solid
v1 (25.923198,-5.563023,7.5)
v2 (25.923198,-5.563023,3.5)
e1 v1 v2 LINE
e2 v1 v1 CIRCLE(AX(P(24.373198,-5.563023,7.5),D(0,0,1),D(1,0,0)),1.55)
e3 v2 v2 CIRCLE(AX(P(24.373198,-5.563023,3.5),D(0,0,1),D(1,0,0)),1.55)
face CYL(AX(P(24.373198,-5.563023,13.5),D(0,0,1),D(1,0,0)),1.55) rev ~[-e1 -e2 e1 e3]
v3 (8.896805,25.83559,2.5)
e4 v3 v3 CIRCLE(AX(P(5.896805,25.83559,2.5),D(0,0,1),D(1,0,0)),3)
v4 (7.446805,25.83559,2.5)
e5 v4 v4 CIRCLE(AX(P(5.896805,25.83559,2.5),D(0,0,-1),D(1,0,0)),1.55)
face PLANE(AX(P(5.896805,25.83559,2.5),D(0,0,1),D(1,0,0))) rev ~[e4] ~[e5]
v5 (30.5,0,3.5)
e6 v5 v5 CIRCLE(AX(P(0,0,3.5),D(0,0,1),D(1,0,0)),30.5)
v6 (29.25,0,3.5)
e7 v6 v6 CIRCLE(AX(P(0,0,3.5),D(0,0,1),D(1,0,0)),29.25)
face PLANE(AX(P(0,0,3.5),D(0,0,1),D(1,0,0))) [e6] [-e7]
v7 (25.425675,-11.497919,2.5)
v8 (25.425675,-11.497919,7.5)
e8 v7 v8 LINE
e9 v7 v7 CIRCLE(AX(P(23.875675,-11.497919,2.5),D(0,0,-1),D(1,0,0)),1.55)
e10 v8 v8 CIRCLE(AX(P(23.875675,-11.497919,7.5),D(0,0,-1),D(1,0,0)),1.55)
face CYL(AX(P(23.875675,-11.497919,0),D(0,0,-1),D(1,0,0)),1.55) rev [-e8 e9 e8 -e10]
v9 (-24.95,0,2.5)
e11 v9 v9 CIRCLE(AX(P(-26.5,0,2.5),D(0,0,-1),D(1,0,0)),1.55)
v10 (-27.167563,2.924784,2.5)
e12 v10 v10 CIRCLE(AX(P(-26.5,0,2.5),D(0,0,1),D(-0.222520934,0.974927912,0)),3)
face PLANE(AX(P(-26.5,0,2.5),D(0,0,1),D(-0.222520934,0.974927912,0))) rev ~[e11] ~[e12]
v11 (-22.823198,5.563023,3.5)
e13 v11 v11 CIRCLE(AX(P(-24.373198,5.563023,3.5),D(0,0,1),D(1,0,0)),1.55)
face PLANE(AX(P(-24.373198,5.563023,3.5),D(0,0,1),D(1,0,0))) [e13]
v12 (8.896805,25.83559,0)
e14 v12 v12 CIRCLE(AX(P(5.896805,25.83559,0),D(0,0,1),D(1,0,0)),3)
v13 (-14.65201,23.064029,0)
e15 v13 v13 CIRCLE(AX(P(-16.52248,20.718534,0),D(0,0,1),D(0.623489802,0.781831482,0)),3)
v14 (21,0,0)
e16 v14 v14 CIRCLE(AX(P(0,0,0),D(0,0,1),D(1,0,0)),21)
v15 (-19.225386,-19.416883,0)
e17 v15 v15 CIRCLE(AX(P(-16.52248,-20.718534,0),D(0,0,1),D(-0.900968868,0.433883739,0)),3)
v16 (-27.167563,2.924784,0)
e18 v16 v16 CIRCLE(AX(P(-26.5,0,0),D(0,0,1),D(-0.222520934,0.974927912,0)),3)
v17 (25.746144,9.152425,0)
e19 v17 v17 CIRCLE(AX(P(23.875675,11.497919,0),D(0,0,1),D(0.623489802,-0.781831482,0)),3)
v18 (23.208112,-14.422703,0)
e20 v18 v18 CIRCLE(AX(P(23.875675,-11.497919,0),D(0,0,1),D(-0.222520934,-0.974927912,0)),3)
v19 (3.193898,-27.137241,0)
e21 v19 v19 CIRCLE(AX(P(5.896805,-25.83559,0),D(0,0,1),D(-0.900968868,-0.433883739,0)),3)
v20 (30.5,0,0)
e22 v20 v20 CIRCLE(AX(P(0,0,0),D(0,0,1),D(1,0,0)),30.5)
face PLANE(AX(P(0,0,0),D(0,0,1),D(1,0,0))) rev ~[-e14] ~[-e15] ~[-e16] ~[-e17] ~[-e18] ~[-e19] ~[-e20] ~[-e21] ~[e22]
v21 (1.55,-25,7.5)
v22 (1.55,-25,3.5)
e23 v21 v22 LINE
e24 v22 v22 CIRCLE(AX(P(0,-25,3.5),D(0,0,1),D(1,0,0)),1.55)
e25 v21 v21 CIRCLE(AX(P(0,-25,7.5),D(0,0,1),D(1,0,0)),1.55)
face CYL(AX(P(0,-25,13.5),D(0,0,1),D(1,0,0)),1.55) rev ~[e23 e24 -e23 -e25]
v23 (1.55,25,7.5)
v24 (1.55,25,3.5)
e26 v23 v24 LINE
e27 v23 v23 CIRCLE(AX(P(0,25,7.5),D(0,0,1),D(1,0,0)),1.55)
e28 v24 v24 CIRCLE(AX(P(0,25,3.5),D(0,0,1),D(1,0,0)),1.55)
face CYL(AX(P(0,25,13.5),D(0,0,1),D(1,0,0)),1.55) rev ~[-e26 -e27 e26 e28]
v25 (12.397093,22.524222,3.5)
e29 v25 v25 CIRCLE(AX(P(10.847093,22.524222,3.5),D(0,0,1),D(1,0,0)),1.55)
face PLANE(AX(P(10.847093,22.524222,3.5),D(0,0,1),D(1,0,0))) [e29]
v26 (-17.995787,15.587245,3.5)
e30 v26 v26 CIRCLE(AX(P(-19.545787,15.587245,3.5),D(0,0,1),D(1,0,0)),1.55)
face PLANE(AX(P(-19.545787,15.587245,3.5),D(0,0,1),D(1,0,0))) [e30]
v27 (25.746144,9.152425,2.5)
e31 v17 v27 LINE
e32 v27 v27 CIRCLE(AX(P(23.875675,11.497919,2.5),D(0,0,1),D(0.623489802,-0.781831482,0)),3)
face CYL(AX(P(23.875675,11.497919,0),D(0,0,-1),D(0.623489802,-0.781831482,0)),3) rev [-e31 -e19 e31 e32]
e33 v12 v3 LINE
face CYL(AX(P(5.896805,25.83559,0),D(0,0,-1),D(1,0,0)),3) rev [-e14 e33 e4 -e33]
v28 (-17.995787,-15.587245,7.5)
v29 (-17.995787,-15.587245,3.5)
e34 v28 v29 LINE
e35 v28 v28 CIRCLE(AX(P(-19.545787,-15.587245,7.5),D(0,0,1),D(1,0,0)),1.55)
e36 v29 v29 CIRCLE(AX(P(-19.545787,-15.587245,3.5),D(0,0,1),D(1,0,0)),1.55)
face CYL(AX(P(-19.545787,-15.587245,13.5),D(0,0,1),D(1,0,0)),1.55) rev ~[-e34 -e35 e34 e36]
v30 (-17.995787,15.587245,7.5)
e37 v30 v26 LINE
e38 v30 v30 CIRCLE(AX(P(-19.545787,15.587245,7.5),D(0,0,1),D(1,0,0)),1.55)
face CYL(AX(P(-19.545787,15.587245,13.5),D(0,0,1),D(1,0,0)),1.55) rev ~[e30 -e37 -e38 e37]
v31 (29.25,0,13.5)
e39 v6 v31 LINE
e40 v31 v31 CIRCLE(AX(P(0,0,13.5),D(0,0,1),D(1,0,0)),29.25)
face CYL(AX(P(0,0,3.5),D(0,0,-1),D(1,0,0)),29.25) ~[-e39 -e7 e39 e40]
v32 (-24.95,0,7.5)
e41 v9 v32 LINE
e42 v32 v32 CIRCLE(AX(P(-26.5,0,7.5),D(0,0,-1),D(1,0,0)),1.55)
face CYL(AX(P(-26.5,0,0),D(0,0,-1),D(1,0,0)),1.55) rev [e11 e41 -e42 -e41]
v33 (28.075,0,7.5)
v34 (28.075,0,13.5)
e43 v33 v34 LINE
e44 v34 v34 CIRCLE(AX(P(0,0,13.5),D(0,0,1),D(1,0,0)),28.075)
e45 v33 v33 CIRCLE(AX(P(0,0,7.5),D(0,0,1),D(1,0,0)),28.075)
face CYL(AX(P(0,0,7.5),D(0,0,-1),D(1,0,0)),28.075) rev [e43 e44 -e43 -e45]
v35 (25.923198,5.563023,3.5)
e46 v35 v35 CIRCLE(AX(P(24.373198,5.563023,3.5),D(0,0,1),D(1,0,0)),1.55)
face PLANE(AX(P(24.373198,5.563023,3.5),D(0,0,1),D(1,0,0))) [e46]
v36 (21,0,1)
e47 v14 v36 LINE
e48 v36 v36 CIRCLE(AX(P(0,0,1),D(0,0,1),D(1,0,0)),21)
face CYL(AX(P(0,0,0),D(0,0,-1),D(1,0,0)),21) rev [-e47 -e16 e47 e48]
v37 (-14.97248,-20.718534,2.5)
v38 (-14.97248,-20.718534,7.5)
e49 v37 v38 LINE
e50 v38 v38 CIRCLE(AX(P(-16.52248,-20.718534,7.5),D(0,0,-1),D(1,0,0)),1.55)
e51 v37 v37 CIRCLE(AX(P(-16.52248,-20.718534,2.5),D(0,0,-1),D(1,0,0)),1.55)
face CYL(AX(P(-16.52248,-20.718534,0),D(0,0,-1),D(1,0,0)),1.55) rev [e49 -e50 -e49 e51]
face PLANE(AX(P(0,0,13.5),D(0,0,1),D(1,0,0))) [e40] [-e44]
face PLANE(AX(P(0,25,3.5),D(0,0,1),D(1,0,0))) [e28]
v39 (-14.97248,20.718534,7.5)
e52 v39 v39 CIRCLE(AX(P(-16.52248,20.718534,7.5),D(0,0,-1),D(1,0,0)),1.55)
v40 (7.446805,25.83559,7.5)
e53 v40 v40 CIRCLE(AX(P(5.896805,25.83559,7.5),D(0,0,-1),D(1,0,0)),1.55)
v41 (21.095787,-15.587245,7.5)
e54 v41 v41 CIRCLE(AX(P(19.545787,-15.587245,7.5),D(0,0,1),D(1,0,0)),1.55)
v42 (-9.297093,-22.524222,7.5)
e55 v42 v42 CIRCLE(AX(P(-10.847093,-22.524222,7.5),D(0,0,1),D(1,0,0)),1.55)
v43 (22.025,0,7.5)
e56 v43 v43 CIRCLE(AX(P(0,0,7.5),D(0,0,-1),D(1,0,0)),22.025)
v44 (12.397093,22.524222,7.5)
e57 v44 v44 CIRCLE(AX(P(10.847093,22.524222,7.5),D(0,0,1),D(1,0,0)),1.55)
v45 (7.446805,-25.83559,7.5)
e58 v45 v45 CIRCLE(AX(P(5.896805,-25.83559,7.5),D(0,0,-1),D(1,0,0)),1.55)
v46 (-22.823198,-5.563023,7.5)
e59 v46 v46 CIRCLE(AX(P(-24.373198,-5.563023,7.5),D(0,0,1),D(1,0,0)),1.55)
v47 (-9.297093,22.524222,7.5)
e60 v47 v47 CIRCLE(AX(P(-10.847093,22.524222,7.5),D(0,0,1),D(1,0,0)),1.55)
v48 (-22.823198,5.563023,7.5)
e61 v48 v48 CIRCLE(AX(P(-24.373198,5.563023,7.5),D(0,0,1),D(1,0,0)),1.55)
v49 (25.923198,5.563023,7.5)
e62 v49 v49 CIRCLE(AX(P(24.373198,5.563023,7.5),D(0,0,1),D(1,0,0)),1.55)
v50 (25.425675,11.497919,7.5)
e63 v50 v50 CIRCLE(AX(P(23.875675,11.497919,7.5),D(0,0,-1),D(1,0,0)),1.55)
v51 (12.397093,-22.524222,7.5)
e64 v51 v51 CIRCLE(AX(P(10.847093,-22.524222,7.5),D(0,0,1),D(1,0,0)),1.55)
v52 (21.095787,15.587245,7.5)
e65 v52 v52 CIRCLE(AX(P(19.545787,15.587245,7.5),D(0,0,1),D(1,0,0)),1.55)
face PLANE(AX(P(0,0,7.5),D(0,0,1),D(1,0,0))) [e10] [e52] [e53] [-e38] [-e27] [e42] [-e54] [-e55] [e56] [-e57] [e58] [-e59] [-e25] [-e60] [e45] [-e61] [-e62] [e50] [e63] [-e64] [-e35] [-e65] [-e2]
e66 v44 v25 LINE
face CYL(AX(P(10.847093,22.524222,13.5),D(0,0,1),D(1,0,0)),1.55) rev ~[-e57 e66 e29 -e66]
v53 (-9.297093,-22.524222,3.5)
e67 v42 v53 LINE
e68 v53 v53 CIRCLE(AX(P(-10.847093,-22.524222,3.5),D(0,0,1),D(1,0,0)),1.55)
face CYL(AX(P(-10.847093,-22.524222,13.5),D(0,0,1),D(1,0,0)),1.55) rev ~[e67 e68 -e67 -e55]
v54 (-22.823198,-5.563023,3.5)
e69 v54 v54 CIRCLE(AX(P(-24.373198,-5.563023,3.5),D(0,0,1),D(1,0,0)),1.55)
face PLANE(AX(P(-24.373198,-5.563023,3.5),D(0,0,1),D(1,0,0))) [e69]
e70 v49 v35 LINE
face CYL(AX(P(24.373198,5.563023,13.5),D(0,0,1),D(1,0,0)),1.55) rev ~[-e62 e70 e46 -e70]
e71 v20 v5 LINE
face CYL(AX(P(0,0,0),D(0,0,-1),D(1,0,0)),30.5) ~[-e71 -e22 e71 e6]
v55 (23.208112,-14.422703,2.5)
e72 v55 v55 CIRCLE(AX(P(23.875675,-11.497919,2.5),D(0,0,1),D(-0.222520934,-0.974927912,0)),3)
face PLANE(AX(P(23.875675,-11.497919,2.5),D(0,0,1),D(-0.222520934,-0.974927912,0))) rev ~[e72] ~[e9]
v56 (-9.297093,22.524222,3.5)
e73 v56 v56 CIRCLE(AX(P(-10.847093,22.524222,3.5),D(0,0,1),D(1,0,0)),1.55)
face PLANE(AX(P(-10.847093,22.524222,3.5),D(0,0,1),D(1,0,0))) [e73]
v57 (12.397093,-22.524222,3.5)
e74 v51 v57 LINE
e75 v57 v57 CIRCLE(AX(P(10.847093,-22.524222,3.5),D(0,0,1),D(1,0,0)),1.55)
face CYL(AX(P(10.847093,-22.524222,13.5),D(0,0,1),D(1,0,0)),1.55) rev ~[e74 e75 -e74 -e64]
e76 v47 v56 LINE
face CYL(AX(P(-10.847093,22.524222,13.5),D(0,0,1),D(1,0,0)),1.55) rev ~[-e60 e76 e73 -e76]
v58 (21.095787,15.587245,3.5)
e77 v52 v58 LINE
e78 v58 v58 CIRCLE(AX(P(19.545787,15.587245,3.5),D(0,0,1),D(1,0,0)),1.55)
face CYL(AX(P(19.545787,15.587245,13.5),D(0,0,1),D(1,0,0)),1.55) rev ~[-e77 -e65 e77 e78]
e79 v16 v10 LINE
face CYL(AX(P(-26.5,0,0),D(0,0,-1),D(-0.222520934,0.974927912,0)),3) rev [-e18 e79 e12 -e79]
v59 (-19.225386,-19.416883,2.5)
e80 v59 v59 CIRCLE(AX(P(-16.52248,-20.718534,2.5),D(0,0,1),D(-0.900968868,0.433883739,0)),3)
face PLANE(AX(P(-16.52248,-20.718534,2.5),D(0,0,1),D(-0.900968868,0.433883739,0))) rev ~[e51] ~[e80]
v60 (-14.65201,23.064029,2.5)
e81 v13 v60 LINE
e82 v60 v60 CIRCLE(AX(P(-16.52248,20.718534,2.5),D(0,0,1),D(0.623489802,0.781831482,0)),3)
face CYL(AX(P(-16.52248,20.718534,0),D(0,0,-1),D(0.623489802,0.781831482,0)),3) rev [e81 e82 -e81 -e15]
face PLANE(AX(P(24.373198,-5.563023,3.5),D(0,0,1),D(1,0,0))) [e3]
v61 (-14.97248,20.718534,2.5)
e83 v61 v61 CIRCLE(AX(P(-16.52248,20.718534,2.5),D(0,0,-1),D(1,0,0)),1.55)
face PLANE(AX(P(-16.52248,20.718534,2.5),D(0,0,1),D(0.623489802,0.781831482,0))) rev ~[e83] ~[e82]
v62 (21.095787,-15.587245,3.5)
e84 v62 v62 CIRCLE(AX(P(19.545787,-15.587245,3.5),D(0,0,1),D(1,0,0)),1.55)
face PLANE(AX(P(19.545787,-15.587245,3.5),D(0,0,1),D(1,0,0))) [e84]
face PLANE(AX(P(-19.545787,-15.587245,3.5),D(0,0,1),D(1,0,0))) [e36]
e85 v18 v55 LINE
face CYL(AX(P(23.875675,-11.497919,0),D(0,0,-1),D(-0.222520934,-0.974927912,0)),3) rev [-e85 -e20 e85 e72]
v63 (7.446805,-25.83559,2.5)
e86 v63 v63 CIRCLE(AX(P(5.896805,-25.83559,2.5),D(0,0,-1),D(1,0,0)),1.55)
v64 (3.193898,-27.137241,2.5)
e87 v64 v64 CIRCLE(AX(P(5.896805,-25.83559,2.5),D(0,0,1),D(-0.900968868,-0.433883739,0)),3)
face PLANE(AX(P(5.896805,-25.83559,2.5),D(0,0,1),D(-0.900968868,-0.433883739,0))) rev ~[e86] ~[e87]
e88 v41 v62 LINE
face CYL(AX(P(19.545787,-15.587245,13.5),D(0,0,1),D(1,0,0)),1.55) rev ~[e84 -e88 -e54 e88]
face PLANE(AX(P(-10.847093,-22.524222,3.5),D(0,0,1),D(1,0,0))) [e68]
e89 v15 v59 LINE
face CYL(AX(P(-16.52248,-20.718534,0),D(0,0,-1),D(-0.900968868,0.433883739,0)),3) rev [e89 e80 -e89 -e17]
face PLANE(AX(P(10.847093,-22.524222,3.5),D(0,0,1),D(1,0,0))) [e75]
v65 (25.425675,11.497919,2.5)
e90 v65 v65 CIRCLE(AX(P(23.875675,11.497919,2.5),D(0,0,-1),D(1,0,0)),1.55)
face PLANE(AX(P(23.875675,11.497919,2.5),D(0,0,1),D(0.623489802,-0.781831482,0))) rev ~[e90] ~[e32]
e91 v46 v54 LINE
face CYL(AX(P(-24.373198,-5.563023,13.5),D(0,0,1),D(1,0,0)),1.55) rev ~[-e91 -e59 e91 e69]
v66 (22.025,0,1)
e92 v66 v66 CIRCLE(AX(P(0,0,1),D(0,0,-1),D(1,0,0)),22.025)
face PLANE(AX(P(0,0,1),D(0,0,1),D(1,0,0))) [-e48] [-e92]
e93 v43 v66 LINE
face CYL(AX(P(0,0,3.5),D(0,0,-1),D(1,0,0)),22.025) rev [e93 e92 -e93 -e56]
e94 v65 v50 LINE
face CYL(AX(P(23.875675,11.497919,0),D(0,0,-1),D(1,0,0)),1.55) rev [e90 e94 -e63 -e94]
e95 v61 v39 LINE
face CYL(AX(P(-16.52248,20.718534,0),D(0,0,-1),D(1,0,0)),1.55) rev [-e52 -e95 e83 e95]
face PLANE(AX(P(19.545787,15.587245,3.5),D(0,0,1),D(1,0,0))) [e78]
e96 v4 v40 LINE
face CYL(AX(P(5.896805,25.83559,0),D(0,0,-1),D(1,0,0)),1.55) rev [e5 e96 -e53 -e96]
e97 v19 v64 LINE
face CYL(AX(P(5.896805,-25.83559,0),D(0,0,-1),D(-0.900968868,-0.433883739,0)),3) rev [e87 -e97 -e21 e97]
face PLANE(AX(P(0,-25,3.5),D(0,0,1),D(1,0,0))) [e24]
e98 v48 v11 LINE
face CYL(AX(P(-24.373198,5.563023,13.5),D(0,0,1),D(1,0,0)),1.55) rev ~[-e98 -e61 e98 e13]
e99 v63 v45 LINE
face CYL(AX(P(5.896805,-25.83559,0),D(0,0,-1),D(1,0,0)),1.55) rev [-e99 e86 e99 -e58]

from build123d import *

# Parameters (mm, degrees)
SKETCH1_R           = 30.5
SKETCH1_R_2         = 22.025
BOSS_EXTRUDE1_DEPTH = 3.5
LAPVSROTOR_START    = 3.5
SKETCH1_8_R         = 29.25
SKETCH1_8_R_2       = 22.025
LAPVSROTOR_DEPTH    = 10
CUT_EXTRUDE1_START  = 13.5
SKETCH1_9_R         = 1.55
CUT_EXTRUDE1_DEPTH  = 10
SKETCH2_R           = 22.05
SKETCH2_R_2         = 21
BOSS_EXTRUDE3_DEPTH = 1
SKETCH3_R           = 1.55
CUT_EXTRUDE2_DEPTH  = 46.196791922
CUT_EXTRUDE3_START  = 7.5
SKETCH4_R           = 28.075
SKETCH4_R_2         = 21
CUT_EXTRUDE3_DEPTH  = 6
SKETCH5_R           = 3
CUT_EXTRUDE4_DEPTH  = 2.5
CIRPATTERN1_COUNT   = 7


with BuildPart() as part:
    # Sketch1 → Boss-Extrude1 (new body)
    with BuildSketch(Plane.XY):
        Circle(SKETCH1_R)
        Circle(SKETCH1_R_2, mode=Mode.SUBTRACT)
    extrude(amount=BOSS_EXTRUDE1_DEPTH)

    # Sketch1<8> → lapvsrotor (add)
    with BuildSketch(Plane.XY.offset(LAPVSROTOR_START)):
        Circle(SKETCH1_8_R)
        Circle(SKETCH1_8_R_2, mode=Mode.SUBTRACT)
    extrude(amount=LAPVSROTOR_DEPTH)

    # Sketch1<9> → Cut-Extrude1 (cut)
    with BuildSketch(Plane.XY.offset(CUT_EXTRUDE1_START)):
        with Locations((0, 25)):
            Circle(SKETCH1_9_R)
        with Locations((10.847093478, 22.524221698)):
            Circle(SKETCH1_9_R)
        with Locations((19.545787062, 15.587245046)):
            Circle(SKETCH1_9_R)
        with Locations((24.373197805, 5.563023349)):
            Circle(SKETCH1_9_R)
        with Locations((24.373197805, -5.563023349)):
            Circle(SKETCH1_9_R)
        with Locations((19.545787062, -15.587245046)):
            Circle(SKETCH1_9_R)
        with Locations((10.847093478, -22.524221698)):
            Circle(SKETCH1_9_R)
        with Locations((0, -25)):
            Circle(SKETCH1_9_R)
        with Locations((-10.847093478, -22.524221698)):
            Circle(SKETCH1_9_R)
        with Locations((-19.545787062, -15.587245046)):
            Circle(SKETCH1_9_R)
        with Locations((-24.373197805, -5.563023349)):
            Circle(SKETCH1_9_R)
        with Locations((-24.373197805, 5.563023349)):
            Circle(SKETCH1_9_R)
        with Locations((-19.545787062, 15.587245046)):
            Circle(SKETCH1_9_R)
        with Locations((-10.847093478, 22.524221698)):
            Circle(SKETCH1_9_R)
    extrude(amount=-CUT_EXTRUDE1_DEPTH, mode=Mode.SUBTRACT)

    # Sketch2 → Boss-Extrude3 (add)
    with BuildSketch(Plane.XY):
        Circle(SKETCH2_R)
        Circle(SKETCH2_R_2, mode=Mode.SUBTRACT)
    extrude(amount=BOSS_EXTRUDE3_DEPTH)

    # Sketch3 → Cut-Extrude2 (cut, through all)
    with BuildSketch(Plane.XY):
        with Locations((5.89680475, 25.835589673)):
            Circle(SKETCH3_R)
        with Locations((23.875674999, 11.497919087)):
            Circle(SKETCH3_R)
        with Locations((23.875674999, -11.497919087)):
            Circle(SKETCH3_R)
        with Locations((5.89680475, -25.835589673)):
            Circle(SKETCH3_R)
        with Locations((-16.522479749, -20.718534285)):
            Circle(SKETCH3_R)
        with Locations((-26.5, 0)):
            Circle(SKETCH3_R)
        with Locations((-16.522479749, 20.718534285)):
            Circle(SKETCH3_R)
    extrude(amount=CUT_EXTRUDE2_DEPTH, mode=Mode.SUBTRACT)

    # Sketch4 → Cut-Extrude3 (cut)
    with BuildSketch(Plane.XY.offset(CUT_EXTRUDE3_START)):
        Circle(SKETCH4_R)
        Circle(SKETCH4_R_2, mode=Mode.SUBTRACT)
    extrude(amount=CUT_EXTRUDE3_DEPTH, mode=Mode.SUBTRACT)

    # Sketch5 → Cut-Extrude4 (cut)
    with BuildSketch(Plane.XY):
        with Locations((5.89680475, 25.835589673)):
            Circle(SKETCH5_R)
    cut_extrude4 = extrude(amount=CUT_EXTRUDE4_DEPTH, mode=Mode.SUBTRACT)

    # CirPattern1: Cut-Extrude4 ×7 about axis
    cirpattern1_axis = Axis((0, 0, 0), (0, 0, 1))
    for i in range(1, CIRPATTERN1_COUNT):
        add(cut_extrude4.rotate(cirpattern1_axis, i * 360 / CIRPATTERN1_COUNT), mode=Mode.SUBTRACT)


solid = part.part
